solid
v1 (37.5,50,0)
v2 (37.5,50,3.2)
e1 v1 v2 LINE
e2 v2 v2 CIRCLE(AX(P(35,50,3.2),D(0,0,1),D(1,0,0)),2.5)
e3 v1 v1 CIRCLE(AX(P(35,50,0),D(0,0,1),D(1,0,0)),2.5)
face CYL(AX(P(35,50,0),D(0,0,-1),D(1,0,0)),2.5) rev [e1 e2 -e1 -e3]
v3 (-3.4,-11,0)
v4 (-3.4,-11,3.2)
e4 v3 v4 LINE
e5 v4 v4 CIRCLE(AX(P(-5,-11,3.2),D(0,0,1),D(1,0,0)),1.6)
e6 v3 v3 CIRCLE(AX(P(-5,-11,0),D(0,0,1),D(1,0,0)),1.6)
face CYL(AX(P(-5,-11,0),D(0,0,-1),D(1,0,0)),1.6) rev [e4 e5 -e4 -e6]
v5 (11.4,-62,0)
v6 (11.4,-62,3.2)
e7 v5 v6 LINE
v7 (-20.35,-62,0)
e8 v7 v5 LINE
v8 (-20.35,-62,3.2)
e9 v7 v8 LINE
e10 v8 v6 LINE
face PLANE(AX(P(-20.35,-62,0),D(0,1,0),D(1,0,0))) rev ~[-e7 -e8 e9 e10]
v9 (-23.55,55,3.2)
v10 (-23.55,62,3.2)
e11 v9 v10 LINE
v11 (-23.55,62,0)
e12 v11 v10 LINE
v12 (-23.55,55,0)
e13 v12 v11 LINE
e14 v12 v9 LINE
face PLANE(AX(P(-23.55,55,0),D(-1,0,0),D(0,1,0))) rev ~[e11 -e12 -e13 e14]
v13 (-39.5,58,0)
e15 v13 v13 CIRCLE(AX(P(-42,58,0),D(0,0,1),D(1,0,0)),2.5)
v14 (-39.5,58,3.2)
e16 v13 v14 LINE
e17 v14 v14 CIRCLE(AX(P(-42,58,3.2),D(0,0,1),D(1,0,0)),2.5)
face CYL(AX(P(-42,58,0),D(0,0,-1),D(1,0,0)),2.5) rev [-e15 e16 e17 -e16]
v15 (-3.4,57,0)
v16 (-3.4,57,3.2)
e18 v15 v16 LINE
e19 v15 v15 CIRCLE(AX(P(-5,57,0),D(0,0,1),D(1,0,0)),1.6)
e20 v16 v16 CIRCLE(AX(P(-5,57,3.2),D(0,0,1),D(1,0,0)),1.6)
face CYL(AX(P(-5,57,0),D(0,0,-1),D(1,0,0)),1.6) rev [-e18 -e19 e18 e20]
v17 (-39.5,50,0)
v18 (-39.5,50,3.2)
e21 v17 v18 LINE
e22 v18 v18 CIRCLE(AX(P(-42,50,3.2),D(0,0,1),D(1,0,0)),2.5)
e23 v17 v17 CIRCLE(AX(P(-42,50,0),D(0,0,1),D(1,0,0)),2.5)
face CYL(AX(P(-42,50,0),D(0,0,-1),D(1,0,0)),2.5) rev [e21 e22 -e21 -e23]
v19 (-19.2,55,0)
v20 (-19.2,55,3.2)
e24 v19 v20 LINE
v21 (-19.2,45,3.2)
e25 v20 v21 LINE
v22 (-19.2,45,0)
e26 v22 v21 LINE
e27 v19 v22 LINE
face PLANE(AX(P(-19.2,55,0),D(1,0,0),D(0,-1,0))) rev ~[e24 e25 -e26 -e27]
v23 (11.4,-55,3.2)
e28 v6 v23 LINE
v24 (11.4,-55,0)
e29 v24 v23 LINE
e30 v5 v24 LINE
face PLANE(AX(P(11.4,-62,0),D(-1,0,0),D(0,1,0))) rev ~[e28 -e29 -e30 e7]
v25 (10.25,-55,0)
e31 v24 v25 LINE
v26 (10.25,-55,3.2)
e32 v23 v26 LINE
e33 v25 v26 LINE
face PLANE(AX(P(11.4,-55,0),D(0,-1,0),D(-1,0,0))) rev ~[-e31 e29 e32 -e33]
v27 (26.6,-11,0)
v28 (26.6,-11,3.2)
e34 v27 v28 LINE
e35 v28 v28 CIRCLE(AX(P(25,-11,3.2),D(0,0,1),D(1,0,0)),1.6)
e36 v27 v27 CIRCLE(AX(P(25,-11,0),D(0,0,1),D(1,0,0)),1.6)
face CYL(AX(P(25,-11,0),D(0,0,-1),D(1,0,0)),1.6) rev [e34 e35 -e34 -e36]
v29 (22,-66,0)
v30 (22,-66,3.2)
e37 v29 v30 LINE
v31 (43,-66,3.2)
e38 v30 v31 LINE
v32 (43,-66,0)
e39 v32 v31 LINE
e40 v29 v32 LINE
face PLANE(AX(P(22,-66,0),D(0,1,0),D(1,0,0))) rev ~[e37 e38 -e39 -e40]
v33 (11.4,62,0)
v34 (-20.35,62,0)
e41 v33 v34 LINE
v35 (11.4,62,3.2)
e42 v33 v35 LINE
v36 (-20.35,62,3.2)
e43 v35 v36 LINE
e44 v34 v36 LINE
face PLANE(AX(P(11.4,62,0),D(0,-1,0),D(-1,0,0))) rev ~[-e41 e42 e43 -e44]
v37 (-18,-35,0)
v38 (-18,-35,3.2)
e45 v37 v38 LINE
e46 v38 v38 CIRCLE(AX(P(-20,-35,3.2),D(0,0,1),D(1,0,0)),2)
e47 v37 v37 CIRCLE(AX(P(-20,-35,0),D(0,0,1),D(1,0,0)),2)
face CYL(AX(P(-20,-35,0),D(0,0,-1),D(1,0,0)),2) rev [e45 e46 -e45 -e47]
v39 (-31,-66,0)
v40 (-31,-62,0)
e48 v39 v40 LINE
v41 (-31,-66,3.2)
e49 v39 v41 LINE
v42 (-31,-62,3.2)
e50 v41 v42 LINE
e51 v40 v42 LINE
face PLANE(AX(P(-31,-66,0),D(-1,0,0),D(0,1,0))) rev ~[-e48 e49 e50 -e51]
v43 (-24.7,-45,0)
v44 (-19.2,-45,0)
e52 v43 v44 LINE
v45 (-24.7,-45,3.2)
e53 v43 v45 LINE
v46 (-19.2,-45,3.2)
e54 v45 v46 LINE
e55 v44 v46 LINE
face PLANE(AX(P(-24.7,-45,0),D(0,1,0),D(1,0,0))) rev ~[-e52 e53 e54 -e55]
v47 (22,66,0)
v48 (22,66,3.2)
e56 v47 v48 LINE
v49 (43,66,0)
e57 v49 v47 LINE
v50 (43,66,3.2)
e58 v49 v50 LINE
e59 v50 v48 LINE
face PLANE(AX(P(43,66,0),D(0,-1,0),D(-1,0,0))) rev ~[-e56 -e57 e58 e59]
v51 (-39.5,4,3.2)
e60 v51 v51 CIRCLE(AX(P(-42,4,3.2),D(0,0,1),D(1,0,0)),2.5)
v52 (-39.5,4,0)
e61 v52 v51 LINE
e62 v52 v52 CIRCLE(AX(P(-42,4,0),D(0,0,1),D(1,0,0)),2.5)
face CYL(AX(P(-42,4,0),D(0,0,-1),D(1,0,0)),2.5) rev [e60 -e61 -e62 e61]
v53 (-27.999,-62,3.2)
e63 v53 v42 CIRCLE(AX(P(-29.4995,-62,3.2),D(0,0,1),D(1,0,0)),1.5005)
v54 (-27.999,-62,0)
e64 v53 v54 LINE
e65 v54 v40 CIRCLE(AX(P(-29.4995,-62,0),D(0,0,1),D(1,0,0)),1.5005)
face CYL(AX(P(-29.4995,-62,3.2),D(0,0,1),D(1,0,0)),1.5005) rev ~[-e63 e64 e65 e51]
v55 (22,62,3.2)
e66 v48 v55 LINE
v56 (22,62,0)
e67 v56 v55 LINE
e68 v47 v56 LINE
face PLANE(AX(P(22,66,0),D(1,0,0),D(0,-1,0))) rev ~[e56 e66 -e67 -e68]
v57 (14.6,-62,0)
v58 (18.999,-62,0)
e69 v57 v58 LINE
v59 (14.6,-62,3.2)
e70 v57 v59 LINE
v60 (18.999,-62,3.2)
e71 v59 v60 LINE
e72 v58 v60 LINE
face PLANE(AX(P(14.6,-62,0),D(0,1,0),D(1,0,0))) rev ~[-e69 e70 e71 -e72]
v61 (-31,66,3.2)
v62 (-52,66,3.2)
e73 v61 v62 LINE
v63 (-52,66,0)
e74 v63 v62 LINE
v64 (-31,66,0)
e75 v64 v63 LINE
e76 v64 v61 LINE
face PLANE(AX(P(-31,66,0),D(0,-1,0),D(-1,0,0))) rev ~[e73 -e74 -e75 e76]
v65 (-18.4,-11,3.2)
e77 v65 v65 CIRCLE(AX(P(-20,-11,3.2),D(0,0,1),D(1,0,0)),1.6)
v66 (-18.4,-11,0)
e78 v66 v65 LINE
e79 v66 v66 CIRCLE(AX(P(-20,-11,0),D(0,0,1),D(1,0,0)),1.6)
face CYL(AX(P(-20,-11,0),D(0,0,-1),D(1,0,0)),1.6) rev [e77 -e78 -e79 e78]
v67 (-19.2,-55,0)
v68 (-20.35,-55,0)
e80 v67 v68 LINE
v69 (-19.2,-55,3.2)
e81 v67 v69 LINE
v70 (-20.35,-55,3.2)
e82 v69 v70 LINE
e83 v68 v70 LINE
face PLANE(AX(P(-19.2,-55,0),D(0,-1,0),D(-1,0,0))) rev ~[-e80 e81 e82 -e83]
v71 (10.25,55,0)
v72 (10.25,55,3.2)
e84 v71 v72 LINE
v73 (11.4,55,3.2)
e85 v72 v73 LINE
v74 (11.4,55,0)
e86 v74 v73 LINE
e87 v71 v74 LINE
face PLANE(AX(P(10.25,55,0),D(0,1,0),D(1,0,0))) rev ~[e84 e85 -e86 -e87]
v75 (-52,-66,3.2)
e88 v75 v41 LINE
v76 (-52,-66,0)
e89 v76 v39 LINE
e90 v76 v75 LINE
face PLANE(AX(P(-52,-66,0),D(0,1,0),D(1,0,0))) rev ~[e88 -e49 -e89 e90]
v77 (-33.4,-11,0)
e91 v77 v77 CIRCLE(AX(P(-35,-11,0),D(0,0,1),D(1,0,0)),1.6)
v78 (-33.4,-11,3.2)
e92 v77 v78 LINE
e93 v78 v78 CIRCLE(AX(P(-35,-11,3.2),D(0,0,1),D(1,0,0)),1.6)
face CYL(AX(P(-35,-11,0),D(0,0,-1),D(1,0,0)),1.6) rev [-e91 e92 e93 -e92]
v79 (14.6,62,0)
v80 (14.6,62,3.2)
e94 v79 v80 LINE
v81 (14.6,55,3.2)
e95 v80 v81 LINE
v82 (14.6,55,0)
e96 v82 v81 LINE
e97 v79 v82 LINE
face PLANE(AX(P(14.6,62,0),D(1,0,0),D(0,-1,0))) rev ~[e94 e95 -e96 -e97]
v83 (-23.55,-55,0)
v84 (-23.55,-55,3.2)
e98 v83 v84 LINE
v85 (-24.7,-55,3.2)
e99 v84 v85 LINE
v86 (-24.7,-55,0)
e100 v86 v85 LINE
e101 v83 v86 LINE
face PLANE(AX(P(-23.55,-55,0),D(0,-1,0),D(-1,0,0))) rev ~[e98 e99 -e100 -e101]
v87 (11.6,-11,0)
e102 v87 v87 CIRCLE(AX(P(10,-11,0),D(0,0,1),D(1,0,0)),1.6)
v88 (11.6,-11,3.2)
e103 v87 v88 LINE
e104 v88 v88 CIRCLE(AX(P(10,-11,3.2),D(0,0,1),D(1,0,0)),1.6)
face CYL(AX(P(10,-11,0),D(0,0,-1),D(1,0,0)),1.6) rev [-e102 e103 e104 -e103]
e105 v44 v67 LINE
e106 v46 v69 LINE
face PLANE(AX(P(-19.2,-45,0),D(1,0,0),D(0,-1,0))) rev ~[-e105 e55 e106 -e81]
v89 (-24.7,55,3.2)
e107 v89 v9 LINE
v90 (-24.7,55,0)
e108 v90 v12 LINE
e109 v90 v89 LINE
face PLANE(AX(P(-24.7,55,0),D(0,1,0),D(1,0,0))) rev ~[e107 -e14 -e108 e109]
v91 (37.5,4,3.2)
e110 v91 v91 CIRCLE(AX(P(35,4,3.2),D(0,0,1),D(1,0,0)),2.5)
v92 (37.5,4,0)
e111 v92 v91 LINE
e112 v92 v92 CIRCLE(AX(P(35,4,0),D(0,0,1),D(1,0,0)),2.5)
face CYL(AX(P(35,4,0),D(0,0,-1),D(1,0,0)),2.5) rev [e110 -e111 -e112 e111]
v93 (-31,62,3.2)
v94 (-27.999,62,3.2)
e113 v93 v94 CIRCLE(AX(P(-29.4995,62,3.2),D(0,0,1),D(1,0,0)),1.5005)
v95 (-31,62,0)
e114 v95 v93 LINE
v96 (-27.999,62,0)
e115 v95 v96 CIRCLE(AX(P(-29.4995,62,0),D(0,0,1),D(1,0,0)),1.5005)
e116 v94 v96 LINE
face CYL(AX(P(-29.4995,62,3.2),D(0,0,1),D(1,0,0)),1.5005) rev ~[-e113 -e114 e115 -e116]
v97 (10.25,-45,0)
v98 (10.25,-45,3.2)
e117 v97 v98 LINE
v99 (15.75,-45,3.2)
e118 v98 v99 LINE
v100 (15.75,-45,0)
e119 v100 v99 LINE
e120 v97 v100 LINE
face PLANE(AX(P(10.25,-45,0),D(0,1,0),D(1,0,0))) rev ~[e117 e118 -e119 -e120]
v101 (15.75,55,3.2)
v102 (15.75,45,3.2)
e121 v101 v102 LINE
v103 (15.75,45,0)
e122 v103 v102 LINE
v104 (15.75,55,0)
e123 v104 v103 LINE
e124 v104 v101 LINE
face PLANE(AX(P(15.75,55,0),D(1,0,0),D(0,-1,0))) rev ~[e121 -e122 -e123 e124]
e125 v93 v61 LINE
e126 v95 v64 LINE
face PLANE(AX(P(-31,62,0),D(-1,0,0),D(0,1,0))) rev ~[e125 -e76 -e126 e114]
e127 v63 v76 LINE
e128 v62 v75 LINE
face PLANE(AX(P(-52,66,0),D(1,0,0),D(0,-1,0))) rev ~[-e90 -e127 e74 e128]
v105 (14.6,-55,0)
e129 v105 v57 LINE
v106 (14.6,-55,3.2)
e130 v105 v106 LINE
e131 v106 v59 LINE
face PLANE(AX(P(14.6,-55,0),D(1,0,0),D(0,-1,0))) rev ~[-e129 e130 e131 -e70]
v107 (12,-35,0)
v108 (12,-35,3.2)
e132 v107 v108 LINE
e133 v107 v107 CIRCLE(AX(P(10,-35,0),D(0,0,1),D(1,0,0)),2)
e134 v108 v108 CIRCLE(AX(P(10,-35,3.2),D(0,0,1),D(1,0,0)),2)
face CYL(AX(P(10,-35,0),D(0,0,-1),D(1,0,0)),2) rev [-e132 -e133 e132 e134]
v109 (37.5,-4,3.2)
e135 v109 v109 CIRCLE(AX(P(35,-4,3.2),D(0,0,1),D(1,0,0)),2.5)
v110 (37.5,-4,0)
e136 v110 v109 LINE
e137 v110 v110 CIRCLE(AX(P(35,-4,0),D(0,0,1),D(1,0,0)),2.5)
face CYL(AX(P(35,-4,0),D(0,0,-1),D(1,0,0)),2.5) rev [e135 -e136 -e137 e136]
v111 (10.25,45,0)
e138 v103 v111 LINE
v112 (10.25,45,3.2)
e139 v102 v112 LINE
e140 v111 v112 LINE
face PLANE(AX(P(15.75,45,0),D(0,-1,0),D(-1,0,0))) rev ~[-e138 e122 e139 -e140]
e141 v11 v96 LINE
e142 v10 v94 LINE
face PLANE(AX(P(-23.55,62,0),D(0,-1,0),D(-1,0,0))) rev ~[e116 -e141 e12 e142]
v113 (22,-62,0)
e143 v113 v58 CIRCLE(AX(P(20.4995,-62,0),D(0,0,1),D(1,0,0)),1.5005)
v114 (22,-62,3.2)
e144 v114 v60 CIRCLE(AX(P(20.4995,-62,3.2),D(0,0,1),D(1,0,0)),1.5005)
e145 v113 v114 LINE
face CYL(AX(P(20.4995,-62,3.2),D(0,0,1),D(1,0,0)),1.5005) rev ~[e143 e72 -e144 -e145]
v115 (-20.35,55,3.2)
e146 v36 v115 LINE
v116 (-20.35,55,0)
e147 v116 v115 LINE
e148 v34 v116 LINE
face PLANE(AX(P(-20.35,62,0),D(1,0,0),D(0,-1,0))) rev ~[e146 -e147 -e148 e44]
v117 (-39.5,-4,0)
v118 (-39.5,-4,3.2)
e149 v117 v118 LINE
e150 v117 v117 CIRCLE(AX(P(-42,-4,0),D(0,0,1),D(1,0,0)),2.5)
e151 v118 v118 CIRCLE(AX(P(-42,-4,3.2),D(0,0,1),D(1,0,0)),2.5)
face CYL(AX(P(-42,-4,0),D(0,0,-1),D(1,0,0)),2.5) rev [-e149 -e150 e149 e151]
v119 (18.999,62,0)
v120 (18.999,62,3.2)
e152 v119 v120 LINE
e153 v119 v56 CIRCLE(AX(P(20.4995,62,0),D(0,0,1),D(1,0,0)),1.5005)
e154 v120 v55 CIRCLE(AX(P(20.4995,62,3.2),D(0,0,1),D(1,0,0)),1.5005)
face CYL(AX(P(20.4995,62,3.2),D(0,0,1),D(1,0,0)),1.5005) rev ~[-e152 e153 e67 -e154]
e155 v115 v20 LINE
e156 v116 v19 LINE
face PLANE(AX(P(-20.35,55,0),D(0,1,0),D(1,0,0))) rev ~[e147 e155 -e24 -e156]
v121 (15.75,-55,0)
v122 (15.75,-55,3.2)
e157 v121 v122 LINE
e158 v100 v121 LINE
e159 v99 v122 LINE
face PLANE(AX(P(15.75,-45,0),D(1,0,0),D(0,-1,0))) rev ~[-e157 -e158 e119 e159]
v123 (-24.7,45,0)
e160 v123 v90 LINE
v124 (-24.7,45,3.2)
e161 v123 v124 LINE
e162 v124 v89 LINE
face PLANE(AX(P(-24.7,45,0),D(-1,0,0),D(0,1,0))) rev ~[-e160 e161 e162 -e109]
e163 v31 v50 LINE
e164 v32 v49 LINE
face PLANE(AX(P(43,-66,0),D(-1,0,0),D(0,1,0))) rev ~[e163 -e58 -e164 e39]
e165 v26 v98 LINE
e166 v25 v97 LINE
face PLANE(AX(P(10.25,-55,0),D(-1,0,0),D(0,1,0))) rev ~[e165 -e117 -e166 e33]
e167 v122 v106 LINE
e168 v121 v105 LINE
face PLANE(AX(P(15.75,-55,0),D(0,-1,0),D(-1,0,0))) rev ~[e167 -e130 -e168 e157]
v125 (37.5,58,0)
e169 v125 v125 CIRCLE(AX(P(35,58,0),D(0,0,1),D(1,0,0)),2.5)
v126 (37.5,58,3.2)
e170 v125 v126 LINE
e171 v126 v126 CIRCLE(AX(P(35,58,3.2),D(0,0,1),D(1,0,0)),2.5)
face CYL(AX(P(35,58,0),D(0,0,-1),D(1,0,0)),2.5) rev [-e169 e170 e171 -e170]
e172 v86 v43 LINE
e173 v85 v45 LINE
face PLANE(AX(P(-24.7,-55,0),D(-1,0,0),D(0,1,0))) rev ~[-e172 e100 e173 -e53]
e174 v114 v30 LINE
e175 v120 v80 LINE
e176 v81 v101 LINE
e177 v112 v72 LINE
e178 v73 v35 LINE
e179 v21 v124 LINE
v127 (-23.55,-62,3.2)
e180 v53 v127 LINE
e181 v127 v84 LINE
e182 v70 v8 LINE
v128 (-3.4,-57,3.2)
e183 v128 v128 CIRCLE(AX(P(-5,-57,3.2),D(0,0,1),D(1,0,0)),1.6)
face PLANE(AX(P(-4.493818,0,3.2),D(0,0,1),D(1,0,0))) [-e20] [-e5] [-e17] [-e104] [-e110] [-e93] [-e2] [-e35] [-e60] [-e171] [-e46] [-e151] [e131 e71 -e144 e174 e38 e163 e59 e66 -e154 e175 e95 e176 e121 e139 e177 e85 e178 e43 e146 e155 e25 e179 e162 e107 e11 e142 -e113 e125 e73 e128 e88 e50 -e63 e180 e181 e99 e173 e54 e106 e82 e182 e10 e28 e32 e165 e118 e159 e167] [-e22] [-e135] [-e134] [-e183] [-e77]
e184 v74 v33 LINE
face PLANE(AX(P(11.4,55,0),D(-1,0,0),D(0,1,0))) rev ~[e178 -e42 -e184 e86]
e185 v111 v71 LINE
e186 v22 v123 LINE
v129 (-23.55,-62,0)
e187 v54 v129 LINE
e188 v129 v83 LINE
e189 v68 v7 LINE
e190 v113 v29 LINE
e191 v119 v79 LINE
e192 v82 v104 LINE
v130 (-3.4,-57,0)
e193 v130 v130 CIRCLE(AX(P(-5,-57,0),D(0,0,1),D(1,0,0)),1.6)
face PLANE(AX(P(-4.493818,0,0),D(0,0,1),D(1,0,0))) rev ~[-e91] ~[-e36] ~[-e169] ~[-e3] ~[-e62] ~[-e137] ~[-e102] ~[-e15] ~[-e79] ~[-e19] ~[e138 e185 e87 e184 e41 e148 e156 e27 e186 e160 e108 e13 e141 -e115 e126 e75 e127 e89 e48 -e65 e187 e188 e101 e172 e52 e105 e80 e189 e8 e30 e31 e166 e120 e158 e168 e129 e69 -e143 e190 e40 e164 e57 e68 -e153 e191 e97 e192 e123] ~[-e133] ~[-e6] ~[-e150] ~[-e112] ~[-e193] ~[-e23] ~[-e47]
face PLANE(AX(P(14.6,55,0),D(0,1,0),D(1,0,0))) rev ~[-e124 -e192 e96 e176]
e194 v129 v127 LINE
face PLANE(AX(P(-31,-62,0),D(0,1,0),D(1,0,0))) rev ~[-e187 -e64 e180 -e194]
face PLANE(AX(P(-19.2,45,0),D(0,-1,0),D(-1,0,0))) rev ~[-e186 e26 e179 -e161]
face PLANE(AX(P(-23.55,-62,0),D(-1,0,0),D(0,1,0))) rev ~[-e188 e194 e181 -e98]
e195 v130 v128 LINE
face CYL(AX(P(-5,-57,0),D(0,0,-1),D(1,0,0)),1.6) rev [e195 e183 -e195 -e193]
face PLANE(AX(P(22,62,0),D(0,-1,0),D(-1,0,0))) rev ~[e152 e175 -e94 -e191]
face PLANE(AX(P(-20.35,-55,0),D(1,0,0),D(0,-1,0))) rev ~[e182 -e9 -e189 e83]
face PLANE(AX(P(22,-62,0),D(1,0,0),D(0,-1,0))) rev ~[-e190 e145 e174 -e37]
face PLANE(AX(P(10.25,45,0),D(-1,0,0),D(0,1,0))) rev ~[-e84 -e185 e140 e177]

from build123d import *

# Parameters (mm, degrees)
MODEL_R             = 2.5
MODEL_R_2           = 2
MODEL_R_3           = 1.6
BOSS_EXTRUDE1_DEPTH = 3.2
SKETCH1_R           = 1.5005
CUT_EXTRUDE1_DEPTH  = 85.084719183


with BuildPart() as part:
    # Model → Boss-Extrude1 (new body)
    with BuildSketch(Plane.XY):
        Polygon((15.75, 55), (15.75, 45), (10.25, 45), (10.25, 55), (11.4, 55), (11.4, 62), (-20.35, 62), (-20.35, 55), (-19.2, 55), (-19.2, 45), (-24.7, 45), (-24.7, 55), (-23.55, 55), (-23.55, 62), (-31, 62), (-31, 66), (-52, 66), (-52, -66), (-31, -66), (-31, -62), (-23.55, -62), (-23.55, -55), (-24.7, -55), (-24.7, -45), (-19.2, -45), (-19.2, -55), (-20.35, -55), (-20.35, -62), (11.4, -62), (11.4, -55), (10.25, -55), (10.25, -45), (15.75, -45), (15.75, -55), (14.6, -55), (14.6, -62), (22, -62), (22, -66), (43, -66), (43, 66), (22, 66), (22, 62), (14.6, 62), (14.6, 55), align=None)
        with Locations((-42, -4)):
            Circle(MODEL_R, mode=Mode.SUBTRACT)
        with Locations((-42, 58)):
            Circle(MODEL_R, mode=Mode.SUBTRACT)
        with Locations((35, 50)):
            Circle(MODEL_R, mode=Mode.SUBTRACT)
        with Locations((35, -4)):
            Circle(MODEL_R, mode=Mode.SUBTRACT)
        with Locations((35, 58)):
            Circle(MODEL_R, mode=Mode.SUBTRACT)
        with Locations((35, 4)):
            Circle(MODEL_R, mode=Mode.SUBTRACT)
        with Locations((-42, 4)):
            Circle(MODEL_R, mode=Mode.SUBTRACT)
        with Locations((-42, 50)):
            Circle(MODEL_R, mode=Mode.SUBTRACT)
        with Locations((-20, -35)):
            Circle(MODEL_R_2, mode=Mode.SUBTRACT)
        with Locations((10, -35)):
            Circle(MODEL_R_2, mode=Mode.SUBTRACT)
        with Locations((10, -11)):
            Circle(MODEL_R_3, mode=Mode.SUBTRACT)
        with Locations((25, -11)):
            Circle(MODEL_R_3, mode=Mode.SUBTRACT)
        with Locations((-5, 57)):
            Circle(MODEL_R_3, mode=Mode.SUBTRACT)
        with Locations((-5, -57)):
            Circle(MODEL_R_3, mode=Mode.SUBTRACT)
        with Locations((-35, -11)):
            Circle(MODEL_R_3, mode=Mode.SUBTRACT)
        with Locations((-20, -11)):
            Circle(MODEL_R_3, mode=Mode.SUBTRACT)
        with Locations((-5, -11)):
            Circle(MODEL_R_3, mode=Mode.SUBTRACT)
    extrude(amount=BOSS_EXTRUDE1_DEPTH)

    # Sketch1 → Cut-Extrude1 (cut, through all)
    with BuildSketch(Plane.XY.offset(3.2)):
        with Locations((-29.4995, 62)):
            Circle(SKETCH1_R)
        with Locations((20.4995, 62)):
            Circle(SKETCH1_R)
        with Locations((20.4995, -62)):
            Circle(SKETCH1_R)
        with Locations((-29.4995, -62)):
            Circle(SKETCH1_R)
    extrude(amount=-CUT_EXTRUDE1_DEPTH, mode=Mode.SUBTRACT)


solid = part.part
